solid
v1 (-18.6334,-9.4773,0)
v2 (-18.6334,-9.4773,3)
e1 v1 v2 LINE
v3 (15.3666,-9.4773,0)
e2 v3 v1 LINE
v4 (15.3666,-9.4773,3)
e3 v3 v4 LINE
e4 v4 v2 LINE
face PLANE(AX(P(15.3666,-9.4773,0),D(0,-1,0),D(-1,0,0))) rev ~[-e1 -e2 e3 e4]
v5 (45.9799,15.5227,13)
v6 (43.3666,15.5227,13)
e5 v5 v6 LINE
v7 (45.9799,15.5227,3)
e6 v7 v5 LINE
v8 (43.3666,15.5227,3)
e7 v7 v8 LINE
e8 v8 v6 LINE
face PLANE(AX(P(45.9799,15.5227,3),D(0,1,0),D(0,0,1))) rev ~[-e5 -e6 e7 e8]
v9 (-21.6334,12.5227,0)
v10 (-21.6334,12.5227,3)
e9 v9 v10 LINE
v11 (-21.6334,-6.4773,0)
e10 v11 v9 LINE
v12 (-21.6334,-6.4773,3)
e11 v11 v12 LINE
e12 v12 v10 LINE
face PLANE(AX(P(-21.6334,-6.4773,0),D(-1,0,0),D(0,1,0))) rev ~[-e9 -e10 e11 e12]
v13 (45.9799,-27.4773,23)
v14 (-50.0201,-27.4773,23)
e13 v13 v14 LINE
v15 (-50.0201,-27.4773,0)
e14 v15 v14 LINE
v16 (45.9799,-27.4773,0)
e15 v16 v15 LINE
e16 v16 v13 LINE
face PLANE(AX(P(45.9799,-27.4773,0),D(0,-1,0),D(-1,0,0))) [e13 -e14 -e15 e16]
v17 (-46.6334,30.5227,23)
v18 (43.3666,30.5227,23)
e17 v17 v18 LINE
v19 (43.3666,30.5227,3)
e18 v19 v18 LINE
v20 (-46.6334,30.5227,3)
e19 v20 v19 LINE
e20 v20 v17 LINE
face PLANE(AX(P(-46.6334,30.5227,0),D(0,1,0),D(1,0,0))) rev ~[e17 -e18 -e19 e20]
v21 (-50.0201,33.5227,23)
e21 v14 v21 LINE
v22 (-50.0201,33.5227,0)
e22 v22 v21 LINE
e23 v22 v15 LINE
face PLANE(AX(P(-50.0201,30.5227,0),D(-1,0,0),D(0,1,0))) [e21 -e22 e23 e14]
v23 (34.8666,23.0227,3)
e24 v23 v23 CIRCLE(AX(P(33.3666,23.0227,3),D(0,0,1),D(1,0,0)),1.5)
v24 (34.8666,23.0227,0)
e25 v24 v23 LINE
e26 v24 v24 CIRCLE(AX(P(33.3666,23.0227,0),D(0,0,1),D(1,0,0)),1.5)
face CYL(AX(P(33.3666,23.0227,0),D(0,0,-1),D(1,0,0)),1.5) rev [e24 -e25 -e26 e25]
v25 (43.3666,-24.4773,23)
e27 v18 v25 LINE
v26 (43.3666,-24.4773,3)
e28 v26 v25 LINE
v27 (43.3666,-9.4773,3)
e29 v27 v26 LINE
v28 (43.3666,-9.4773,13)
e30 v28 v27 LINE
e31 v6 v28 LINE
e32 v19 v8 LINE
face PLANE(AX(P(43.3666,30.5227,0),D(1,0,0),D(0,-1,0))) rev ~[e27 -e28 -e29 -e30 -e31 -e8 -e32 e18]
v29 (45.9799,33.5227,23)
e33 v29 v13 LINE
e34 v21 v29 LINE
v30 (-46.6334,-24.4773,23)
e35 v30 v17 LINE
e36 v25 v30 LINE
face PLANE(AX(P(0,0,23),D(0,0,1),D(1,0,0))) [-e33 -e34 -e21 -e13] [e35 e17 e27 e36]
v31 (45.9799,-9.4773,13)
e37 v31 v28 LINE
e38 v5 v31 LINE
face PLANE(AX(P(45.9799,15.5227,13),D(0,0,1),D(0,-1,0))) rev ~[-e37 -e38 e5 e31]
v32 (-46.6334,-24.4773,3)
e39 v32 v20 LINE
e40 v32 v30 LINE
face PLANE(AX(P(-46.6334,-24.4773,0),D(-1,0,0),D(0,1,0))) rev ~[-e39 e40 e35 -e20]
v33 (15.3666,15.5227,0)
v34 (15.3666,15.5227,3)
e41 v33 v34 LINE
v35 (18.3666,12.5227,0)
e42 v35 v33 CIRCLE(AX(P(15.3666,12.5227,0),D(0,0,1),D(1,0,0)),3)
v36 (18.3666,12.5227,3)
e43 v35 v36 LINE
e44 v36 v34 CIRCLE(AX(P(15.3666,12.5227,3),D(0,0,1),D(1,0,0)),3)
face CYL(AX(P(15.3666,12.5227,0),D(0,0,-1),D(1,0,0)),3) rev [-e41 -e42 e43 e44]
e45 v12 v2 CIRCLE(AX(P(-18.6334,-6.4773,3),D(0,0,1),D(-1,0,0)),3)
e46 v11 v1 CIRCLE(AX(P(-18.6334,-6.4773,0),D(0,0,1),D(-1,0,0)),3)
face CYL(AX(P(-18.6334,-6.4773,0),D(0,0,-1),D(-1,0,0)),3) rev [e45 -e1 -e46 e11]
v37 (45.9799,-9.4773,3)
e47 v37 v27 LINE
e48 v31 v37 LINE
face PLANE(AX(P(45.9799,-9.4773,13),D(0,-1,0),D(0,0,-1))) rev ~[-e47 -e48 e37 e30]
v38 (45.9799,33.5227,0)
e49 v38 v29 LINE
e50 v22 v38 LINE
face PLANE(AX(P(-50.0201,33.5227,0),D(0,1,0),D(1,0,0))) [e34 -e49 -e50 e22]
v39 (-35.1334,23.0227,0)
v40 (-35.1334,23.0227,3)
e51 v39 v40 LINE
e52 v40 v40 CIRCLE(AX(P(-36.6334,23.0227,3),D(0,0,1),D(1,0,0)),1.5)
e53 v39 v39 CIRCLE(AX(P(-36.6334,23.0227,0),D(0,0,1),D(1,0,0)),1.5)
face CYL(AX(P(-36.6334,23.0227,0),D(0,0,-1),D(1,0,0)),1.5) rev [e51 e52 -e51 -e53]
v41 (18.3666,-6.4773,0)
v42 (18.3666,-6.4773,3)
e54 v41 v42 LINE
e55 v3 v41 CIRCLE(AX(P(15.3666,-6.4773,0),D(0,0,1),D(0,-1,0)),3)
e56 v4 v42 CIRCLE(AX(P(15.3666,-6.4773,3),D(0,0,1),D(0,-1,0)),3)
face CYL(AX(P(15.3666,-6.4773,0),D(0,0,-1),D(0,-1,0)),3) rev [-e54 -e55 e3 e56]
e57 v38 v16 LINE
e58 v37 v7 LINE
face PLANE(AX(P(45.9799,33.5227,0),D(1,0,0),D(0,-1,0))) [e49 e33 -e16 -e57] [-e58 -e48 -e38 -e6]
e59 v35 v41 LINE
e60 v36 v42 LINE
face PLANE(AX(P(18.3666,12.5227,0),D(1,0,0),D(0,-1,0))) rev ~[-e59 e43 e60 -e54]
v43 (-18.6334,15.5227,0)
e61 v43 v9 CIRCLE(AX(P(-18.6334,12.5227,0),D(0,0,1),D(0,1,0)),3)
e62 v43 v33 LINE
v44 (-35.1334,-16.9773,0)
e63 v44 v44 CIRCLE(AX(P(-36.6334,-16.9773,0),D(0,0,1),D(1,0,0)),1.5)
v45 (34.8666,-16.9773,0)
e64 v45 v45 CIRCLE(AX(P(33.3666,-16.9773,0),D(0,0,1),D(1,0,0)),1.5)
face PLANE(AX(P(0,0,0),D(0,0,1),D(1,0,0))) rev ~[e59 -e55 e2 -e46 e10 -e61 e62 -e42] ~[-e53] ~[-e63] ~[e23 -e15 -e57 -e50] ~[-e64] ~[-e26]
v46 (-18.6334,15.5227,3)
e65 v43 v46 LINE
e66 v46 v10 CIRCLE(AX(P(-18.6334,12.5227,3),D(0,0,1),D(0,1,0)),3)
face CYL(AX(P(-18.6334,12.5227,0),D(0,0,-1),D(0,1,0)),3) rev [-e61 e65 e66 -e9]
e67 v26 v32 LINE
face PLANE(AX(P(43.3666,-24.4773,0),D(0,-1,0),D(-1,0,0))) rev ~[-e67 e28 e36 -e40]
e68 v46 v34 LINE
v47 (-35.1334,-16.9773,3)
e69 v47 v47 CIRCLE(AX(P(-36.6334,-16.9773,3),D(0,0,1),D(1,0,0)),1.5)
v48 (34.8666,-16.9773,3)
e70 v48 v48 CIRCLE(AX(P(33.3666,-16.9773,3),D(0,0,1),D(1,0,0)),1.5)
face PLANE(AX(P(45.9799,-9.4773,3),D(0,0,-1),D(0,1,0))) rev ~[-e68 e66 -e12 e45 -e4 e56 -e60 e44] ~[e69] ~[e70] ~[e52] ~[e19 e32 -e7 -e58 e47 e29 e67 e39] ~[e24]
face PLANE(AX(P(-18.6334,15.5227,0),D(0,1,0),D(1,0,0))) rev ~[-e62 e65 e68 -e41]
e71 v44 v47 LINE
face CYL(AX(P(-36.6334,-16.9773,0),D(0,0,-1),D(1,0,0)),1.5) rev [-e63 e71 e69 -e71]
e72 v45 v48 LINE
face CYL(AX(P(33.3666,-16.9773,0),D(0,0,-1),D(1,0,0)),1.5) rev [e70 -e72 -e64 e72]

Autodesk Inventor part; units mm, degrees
ref_plane "YZ Plane" through (0, 0, 0) normal (1, 0, 0) x (0, 1, 0)
ref_plane "XZ Plane" through (0, 0, 0) normal (0, 1, 0) x (-1, 0, 0)
ref_plane "XY Plane" through (0, 0, 0) normal (0, 0, 1) x (1, 0, 0)
sketch "Sketch1" plane through (0, 0, 0) normal (0, 0, 1) x (1, 0, 0)
  line L0 (-50.0201, 33.5227) -> (45.9799, 33.5227)
  line L1 (45.9799, 33.5227) -> (45.9799, -27.4773)
  line L2 (45.9799, -27.4773) -> (-50.0201, -27.4773)
  line L3 (-50.0201, -27.4773) -> (-50.0201, 33.5227)
  line L4 (-50.0201, 33.5227) -> (-50.0201, 30.5227)
  line L5 (-46.6334, 30.5227) -> (43.3666, 30.5227)
  line L6 (43.3666, 30.5227) -> (43.3666, -24.4773)
  line L7 (43.3666, -24.4773) -> (-46.6334, -24.4773)
  line L8 (-46.6334, -24.4773) -> (-46.6334, 30.5227)
  circle A0 centre (-36.6334, 23.0227) radius 1.5
  circle A1 centre (33.3666, 23.0227) radius 1.5
  circle A2 centre (-36.6334, -16.9773) radius 1.5
  circle A3 centre (33.3666, -16.9773) radius 1.5
  line L9 (-18.6334, 15.5227) -> (15.3666, 15.5227)
  line L10 (18.3666, 12.5227) -> (18.3666, -6.4773)
  line L11 (15.3666, -9.4773) -> (-18.6334, -9.4773)
  line L12 (-21.6334, -6.4773) -> (-21.6334, 12.5227)
  arc A4 (-18.6334, 15.5227) -> (-21.6334, 12.5227) centre (-18.6334, 12.5227) ccw
  arc A5 (18.3666, 12.5227) -> (15.3666, 15.5227) centre (15.3666, 12.5227) ccw
  arc A6 (15.3666, -9.4773) -> (18.3666, -6.4773) centre (15.3666, -6.4773) ccw
  arc A7 (-21.6334, -6.4773) -> (-18.6334, -9.4773) centre (-18.6334, -6.4773) ccw
  point P0 (0, 0)
  dimension "d0" = 96
  dimension "d1" = 61
  dimension "d4" = 90
  dimension "d5" = 55
  dimension "d6" = 3
  dimension "d14" = 3
  dimension "d17" = 3
  dimension "d20" = 3
  dimension "d22" = 3
  dimension "d24" = 25
  dimension "d25" = 25
  dimension "d26" = 15
  dimension "d27" = 15
  dimension "d28" = 3
extrude "Extrusion2" add sketch "Sketch1" along normal blind 23 contours L0 L1 L2 L3
extrude "Extrusion3" add sketch "Sketch1" along normal blind 3 contours L5 L6 L7 L8
sketch "Sketch2" plane through (45.9799, -27.4773, 0) normal (1, 0, 0) x (0, 0, -1)
  line L0 (0, 0) -> (-23, 0) projected
  line L1 (0, 0) -> (0, 61) projected
  line L2 (-13, 18) -> (-3, 18)
  line L3 (-3, 18) -> (-3, 43)
  line L4 (-3, 43) -> (-13, 43)
  line L5 (-13, 43) -> (-13, 18)
  point P0 (0, 27.4773)
  dimension "d33" = 10
  dimension "d34" = 25
  dimension "d35" = 3
  dimension "d36" = 18
extrude "Extrusion4" cut sketch "Sketch2" against normal blind 3
properties part number "layer line sensor"
